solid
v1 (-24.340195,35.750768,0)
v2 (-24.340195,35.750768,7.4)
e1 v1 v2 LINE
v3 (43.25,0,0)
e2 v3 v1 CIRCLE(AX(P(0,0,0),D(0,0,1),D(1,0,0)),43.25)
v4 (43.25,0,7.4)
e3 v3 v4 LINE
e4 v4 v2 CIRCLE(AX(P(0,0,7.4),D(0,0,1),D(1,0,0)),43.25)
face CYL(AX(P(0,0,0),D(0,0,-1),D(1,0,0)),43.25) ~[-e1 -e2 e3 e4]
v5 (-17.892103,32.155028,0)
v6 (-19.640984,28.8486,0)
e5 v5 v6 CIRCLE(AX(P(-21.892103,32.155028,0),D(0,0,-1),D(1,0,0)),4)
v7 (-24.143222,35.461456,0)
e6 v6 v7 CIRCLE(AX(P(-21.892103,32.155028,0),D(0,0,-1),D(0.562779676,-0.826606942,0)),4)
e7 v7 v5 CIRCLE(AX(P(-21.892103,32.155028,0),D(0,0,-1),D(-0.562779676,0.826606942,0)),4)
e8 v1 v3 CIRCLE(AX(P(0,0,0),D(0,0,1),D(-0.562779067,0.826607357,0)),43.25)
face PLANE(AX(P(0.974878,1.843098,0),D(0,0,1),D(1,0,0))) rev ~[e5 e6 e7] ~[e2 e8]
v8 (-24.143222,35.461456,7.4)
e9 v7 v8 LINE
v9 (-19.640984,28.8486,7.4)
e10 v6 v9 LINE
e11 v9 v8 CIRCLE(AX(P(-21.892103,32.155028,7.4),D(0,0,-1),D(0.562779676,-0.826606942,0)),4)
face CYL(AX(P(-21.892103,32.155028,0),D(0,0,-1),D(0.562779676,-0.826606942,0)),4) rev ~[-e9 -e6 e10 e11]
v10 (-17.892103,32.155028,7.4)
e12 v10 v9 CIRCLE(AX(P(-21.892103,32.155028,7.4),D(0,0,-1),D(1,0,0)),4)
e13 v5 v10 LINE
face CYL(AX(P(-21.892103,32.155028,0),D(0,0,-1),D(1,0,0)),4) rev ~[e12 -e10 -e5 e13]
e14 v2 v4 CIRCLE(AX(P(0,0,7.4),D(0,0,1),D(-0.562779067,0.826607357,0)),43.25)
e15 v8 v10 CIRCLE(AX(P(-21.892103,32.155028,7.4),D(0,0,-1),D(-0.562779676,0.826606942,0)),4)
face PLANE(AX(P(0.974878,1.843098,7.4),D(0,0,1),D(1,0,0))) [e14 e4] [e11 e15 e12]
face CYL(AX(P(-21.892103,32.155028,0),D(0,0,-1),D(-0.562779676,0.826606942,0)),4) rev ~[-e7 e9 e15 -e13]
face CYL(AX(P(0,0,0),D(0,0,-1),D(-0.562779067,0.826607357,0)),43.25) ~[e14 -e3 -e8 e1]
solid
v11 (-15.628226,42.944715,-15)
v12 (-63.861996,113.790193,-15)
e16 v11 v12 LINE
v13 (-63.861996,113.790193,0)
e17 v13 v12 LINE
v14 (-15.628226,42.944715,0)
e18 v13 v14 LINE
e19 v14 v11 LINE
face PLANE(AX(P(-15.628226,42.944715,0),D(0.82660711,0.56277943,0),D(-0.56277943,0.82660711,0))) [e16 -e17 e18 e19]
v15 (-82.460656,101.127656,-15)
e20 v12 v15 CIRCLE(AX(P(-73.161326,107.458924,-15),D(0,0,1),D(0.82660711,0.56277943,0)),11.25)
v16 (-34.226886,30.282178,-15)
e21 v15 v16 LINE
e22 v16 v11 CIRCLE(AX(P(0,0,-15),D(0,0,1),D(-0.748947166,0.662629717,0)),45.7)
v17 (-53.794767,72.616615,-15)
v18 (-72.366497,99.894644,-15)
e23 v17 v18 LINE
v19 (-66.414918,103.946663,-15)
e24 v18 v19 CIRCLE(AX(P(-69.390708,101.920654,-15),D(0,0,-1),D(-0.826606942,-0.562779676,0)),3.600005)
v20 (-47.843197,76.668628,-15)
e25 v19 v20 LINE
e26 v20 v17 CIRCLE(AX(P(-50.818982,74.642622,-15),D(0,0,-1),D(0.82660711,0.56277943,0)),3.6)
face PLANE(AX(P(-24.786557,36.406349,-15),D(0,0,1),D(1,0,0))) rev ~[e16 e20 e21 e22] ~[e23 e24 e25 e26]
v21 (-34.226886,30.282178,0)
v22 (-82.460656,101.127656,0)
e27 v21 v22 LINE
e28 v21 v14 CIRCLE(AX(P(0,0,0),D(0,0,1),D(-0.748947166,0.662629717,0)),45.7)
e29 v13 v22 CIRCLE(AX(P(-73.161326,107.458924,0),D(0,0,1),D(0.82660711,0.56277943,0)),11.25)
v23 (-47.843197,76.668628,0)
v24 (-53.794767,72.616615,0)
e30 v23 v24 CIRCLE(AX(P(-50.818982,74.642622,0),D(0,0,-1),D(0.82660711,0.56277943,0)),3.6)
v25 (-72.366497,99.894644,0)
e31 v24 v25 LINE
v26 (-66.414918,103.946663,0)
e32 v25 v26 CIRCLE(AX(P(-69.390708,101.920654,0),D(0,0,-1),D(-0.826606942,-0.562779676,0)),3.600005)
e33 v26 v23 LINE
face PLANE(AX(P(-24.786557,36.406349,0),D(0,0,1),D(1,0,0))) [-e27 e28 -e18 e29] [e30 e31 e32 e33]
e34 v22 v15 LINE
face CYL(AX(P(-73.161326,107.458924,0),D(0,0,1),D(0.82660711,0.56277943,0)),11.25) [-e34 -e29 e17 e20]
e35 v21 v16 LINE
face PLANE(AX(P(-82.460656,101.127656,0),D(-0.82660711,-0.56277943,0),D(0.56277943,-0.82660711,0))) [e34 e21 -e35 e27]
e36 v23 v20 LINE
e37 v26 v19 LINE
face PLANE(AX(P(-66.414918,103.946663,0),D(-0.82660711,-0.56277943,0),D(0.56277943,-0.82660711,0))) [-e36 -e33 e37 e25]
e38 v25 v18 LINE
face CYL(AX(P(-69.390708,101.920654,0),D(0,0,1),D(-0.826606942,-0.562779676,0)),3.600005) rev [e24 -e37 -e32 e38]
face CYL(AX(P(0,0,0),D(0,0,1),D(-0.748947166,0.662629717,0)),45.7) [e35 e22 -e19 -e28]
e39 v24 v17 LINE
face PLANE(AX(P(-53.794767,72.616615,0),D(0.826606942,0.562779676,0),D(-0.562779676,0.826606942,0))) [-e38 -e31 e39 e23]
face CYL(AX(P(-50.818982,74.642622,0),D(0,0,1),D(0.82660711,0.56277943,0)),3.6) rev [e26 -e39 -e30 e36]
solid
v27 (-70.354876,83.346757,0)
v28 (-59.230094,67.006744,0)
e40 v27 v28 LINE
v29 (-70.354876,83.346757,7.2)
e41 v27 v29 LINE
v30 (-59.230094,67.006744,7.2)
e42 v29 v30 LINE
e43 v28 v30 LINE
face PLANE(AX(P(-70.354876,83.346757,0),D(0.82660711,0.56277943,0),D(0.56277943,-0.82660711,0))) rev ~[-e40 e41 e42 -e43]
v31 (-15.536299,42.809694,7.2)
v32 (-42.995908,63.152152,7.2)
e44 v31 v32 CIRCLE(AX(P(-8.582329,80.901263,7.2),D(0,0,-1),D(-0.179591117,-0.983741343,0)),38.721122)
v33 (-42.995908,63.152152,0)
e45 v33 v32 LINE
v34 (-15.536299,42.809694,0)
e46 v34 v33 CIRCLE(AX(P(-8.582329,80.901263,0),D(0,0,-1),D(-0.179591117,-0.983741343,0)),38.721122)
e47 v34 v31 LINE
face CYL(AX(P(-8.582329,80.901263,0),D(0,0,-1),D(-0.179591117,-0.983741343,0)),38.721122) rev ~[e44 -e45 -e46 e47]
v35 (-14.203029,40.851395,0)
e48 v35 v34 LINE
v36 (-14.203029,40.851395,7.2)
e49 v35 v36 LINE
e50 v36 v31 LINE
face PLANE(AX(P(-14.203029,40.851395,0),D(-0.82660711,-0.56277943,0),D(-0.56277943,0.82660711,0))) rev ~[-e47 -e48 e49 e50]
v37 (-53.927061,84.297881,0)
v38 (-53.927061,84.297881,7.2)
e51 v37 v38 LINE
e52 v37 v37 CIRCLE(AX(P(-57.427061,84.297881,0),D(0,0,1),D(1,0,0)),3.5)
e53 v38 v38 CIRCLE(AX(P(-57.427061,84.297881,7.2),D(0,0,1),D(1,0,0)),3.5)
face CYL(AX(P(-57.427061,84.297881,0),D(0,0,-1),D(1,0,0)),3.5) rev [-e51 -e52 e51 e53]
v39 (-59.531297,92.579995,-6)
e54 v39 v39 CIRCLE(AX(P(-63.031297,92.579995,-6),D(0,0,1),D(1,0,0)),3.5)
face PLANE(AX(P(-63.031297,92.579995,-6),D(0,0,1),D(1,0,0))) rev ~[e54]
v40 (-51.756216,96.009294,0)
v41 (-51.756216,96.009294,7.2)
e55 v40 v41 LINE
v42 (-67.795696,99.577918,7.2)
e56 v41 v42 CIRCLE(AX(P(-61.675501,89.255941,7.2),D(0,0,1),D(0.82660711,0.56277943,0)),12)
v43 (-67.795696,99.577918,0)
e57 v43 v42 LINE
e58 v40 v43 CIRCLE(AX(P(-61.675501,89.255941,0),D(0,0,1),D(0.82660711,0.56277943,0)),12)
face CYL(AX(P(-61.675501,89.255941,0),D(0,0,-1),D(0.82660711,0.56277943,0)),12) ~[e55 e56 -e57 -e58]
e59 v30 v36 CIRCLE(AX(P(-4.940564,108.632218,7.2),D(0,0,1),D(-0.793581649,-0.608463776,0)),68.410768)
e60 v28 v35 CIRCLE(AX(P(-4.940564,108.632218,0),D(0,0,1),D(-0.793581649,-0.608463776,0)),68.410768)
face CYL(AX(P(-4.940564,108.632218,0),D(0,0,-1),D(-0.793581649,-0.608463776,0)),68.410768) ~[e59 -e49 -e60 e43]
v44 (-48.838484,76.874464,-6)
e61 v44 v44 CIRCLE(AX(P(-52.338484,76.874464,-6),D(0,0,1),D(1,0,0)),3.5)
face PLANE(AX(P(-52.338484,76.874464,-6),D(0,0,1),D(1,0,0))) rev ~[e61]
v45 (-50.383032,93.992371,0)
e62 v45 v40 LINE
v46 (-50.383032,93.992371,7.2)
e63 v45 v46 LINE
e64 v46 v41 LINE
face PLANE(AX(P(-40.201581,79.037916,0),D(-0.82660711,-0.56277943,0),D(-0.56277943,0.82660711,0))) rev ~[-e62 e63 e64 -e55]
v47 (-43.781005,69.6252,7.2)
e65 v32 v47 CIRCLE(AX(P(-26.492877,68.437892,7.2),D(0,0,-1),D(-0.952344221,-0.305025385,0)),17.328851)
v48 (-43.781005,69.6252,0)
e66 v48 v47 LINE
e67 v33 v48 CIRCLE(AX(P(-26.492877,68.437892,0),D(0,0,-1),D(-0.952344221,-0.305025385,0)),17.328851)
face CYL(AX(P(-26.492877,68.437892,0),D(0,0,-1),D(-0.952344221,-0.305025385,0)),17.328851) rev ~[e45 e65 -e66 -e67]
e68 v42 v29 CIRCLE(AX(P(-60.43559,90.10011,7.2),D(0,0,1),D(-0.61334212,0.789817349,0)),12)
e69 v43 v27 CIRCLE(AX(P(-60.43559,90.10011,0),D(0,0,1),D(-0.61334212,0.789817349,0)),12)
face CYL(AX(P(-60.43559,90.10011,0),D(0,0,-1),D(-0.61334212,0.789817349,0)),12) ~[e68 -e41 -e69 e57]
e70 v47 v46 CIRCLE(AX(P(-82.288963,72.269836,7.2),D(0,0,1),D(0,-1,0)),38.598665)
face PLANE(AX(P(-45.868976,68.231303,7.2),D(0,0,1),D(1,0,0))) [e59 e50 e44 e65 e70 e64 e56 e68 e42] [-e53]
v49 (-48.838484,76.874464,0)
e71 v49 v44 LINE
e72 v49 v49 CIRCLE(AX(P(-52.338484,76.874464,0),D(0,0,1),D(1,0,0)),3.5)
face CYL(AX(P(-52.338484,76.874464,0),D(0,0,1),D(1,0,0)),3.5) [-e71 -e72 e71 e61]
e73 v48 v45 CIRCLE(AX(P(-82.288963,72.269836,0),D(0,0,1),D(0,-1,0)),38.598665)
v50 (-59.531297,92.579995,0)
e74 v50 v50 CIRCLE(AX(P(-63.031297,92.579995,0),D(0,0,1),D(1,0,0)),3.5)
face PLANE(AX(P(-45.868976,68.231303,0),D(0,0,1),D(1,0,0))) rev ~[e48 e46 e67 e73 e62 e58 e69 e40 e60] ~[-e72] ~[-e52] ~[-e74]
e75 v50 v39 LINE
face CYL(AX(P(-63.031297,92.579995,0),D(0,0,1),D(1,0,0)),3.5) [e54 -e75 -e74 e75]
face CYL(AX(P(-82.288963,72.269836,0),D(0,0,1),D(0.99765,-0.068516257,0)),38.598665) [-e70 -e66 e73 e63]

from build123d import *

# Parameters (mm, degrees)
F1_DEPTH = 15
F3_DEPTH = 7.4
F4_R     = 3.5
F5_DEPTH = 7.2
F6_DEPTH = 6
F7_DEPTH = 25
F8_R     = 38.5986647281


with BuildPart() as f1:
    # F0 (on Top) → F1 (new body)
    with BuildSketch(Plane.XY):
        with BuildLine():
            Line((-82.4606558202, 101.127655672), (-34.2268855042, 30.2821780703))
            ThreePointArc((-34.2268855042, 30.2821780703), (25.7190199287, -37.7759449108), (-15.6282255372, 42.9447152344))
            Line((-15.6282255372, 42.9447152344), (-63.8619958531, 113.790192836))
            ThreePointArc((-63.8619958531, 113.790192836), (-79.4925944186, 116.7582542375), (-82.4606558202, 101.127655672))
        make_face()
        with BuildLine():
            Line((-66.4149180642, 103.9466625656), (-47.8431968903, 76.6686279473))
            ThreePointArc((-47.8431968903, 76.6686279473), (-48.7929760943, 71.6668367089), (-53.7947674745, 72.6166151659))
            Line((-53.7947674745, 72.6166151659), (-72.3664967968, 99.8946442365))
            ThreePointArc((-72.3664967968, 99.8946442365), (-71.4167168976, 104.8964432118), (-66.4149180642, 103.9466625656))
        make_face(mode=Mode.SUBTRACT)
    extrude(amount=-F1_DEPTH)

    # F4 (on Top) → F7 (cut)
    with BuildSketch(Plane.XY):
        with BuildLine():
            ThreePointArc((-32.8016889476, 28.1888577666), (-24.3402103264, 35.7507574922), (-14.2030289806, 40.8513949306))
            ThreePointArc((-14.2030289806, 40.8513949306), (-39.302455448, 49.4773903569), (-59.2300941192, 67.0067435418))
            Line((-59.2300941192, 67.0067435418), (-32.8016889476, 28.1888577666))
        make_face()
        with BuildLine():
            ThreePointArc((-42.9959079664, 63.1521523853), (-31.6316767282, 49.787714397), (-15.5362989507, 42.8096940058))
            Line((-15.5362989507, 42.8096940058), (-40.2015814001, 79.0379155166))
            ThreePointArc((-40.2015814001, 79.0379155166), (-43.5597045958, 71.4399693711), (-42.9959079664, 63.1521523853))
        make_face()
    extrude(amount=F7_DEPTH, mode=Mode.SUBTRACT)


with BuildPart() as f3:
    # F2 (on Top) → F3 (new body)
    with BuildSketch(Plane.XY):
        with BuildLine():
            ThreePointArc((-24.3401946346, 35.7507681756), (-20.221882727, -38.2313740137), (43.25, 0))
            ThreePointArc((43.25, 0), (20.221882727, 38.2313740137), (-24.3401946346, 35.7507681756))
        make_face()
        with BuildLine():
            ThreePointArc((-19.6409843364, 28.8486002138), (-25.1985308083, 29.9039092742), (-24.1432217479, 35.4614557461))
            ThreePointArc((-24.1432217479, 35.4614557461), (-20.0218724177, 35.6908782895), (-17.8921030421, 32.15502798))
            ThreePointArc((-17.8921030421, 32.15502798), (-18.3562527326, 30.2847973556), (-19.6409843364, 28.8486002138))
        make_face(mode=Mode.SUBTRACT)
    extrude(amount=F3_DEPTH)


with BuildPart() as f5:
    # F4 (on Top) → F5 (new body)
    with BuildSketch(Plane.XY):
        with BuildLine():
            ThreePointArc((-59.2300941192, 67.0067435418), (-39.302455448, 49.4773903569), (-14.2030289806, 40.8513949306))
            Line((-14.2030289806, 40.8513949306), (-15.5362989507, 42.8096940058))
            ThreePointArc((-15.5362989507, 42.8096940058), (-31.6316767282, 49.787714397), (-42.9959079664, 63.1521523853))
            ThreePointArc((-42.9959079664, 63.1521523853), (-43.5597045958, 71.4399693711), (-40.2015814001, 79.0379155166))
            Line((-40.2015814001, 79.0379155166), (-51.7562156675, 96.009294238))
            ThreePointArc((-51.7562156675, 96.009294238), (-59.0693463715, 100.9695211574), (-67.7956957561, 99.577918411))
            ThreePointArc((-67.7956957561, 99.577918411), (-72.2891545839, 91.969070959), (-70.3548756346, 83.3467570739))
            Line((-70.3548756346, 83.3467570739), (-59.2300941192, 67.0067435418))
        make_face()
        with Locations((-52.3384835372, 76.874463517)):
            Circle(F4_R, mode=Mode.SUBTRACT)
        with Locations((-63.0312973894, 92.5799954062)):
            Circle(F4_R, mode=Mode.SUBTRACT)
        with Locations((-57.4270605157, 84.2978808781)):
            Circle(F4_R, mode=Mode.SUBTRACT)
        with Locations((-63.0312973894, 92.5799954062)):
            Circle(F4_R)
        with Locations((-52.3384835372, 76.874463517)):
            Circle(F4_R)
    extrude(amount=F5_DEPTH)

    # F4 (on Top) → F6 (join)
    with BuildSketch(Plane.XY):
        with Locations((-63.0312973894, 92.5799954062)):
            Circle(F4_R)
        with Locations((-52.3384835372, 76.874463517)):
            Circle(F4_R)
    extrude(amount=-F6_DEPTH)

    # F8
    f8_edges = [f5.edges().sort_by_distance(p)[0] for p in [
        (-40.201581, 79.037916, 3.6),
    ]]
    fillet(f8_edges, radius=F8_R)


solid = Compound([f1.part, f3.part, f5.part])
